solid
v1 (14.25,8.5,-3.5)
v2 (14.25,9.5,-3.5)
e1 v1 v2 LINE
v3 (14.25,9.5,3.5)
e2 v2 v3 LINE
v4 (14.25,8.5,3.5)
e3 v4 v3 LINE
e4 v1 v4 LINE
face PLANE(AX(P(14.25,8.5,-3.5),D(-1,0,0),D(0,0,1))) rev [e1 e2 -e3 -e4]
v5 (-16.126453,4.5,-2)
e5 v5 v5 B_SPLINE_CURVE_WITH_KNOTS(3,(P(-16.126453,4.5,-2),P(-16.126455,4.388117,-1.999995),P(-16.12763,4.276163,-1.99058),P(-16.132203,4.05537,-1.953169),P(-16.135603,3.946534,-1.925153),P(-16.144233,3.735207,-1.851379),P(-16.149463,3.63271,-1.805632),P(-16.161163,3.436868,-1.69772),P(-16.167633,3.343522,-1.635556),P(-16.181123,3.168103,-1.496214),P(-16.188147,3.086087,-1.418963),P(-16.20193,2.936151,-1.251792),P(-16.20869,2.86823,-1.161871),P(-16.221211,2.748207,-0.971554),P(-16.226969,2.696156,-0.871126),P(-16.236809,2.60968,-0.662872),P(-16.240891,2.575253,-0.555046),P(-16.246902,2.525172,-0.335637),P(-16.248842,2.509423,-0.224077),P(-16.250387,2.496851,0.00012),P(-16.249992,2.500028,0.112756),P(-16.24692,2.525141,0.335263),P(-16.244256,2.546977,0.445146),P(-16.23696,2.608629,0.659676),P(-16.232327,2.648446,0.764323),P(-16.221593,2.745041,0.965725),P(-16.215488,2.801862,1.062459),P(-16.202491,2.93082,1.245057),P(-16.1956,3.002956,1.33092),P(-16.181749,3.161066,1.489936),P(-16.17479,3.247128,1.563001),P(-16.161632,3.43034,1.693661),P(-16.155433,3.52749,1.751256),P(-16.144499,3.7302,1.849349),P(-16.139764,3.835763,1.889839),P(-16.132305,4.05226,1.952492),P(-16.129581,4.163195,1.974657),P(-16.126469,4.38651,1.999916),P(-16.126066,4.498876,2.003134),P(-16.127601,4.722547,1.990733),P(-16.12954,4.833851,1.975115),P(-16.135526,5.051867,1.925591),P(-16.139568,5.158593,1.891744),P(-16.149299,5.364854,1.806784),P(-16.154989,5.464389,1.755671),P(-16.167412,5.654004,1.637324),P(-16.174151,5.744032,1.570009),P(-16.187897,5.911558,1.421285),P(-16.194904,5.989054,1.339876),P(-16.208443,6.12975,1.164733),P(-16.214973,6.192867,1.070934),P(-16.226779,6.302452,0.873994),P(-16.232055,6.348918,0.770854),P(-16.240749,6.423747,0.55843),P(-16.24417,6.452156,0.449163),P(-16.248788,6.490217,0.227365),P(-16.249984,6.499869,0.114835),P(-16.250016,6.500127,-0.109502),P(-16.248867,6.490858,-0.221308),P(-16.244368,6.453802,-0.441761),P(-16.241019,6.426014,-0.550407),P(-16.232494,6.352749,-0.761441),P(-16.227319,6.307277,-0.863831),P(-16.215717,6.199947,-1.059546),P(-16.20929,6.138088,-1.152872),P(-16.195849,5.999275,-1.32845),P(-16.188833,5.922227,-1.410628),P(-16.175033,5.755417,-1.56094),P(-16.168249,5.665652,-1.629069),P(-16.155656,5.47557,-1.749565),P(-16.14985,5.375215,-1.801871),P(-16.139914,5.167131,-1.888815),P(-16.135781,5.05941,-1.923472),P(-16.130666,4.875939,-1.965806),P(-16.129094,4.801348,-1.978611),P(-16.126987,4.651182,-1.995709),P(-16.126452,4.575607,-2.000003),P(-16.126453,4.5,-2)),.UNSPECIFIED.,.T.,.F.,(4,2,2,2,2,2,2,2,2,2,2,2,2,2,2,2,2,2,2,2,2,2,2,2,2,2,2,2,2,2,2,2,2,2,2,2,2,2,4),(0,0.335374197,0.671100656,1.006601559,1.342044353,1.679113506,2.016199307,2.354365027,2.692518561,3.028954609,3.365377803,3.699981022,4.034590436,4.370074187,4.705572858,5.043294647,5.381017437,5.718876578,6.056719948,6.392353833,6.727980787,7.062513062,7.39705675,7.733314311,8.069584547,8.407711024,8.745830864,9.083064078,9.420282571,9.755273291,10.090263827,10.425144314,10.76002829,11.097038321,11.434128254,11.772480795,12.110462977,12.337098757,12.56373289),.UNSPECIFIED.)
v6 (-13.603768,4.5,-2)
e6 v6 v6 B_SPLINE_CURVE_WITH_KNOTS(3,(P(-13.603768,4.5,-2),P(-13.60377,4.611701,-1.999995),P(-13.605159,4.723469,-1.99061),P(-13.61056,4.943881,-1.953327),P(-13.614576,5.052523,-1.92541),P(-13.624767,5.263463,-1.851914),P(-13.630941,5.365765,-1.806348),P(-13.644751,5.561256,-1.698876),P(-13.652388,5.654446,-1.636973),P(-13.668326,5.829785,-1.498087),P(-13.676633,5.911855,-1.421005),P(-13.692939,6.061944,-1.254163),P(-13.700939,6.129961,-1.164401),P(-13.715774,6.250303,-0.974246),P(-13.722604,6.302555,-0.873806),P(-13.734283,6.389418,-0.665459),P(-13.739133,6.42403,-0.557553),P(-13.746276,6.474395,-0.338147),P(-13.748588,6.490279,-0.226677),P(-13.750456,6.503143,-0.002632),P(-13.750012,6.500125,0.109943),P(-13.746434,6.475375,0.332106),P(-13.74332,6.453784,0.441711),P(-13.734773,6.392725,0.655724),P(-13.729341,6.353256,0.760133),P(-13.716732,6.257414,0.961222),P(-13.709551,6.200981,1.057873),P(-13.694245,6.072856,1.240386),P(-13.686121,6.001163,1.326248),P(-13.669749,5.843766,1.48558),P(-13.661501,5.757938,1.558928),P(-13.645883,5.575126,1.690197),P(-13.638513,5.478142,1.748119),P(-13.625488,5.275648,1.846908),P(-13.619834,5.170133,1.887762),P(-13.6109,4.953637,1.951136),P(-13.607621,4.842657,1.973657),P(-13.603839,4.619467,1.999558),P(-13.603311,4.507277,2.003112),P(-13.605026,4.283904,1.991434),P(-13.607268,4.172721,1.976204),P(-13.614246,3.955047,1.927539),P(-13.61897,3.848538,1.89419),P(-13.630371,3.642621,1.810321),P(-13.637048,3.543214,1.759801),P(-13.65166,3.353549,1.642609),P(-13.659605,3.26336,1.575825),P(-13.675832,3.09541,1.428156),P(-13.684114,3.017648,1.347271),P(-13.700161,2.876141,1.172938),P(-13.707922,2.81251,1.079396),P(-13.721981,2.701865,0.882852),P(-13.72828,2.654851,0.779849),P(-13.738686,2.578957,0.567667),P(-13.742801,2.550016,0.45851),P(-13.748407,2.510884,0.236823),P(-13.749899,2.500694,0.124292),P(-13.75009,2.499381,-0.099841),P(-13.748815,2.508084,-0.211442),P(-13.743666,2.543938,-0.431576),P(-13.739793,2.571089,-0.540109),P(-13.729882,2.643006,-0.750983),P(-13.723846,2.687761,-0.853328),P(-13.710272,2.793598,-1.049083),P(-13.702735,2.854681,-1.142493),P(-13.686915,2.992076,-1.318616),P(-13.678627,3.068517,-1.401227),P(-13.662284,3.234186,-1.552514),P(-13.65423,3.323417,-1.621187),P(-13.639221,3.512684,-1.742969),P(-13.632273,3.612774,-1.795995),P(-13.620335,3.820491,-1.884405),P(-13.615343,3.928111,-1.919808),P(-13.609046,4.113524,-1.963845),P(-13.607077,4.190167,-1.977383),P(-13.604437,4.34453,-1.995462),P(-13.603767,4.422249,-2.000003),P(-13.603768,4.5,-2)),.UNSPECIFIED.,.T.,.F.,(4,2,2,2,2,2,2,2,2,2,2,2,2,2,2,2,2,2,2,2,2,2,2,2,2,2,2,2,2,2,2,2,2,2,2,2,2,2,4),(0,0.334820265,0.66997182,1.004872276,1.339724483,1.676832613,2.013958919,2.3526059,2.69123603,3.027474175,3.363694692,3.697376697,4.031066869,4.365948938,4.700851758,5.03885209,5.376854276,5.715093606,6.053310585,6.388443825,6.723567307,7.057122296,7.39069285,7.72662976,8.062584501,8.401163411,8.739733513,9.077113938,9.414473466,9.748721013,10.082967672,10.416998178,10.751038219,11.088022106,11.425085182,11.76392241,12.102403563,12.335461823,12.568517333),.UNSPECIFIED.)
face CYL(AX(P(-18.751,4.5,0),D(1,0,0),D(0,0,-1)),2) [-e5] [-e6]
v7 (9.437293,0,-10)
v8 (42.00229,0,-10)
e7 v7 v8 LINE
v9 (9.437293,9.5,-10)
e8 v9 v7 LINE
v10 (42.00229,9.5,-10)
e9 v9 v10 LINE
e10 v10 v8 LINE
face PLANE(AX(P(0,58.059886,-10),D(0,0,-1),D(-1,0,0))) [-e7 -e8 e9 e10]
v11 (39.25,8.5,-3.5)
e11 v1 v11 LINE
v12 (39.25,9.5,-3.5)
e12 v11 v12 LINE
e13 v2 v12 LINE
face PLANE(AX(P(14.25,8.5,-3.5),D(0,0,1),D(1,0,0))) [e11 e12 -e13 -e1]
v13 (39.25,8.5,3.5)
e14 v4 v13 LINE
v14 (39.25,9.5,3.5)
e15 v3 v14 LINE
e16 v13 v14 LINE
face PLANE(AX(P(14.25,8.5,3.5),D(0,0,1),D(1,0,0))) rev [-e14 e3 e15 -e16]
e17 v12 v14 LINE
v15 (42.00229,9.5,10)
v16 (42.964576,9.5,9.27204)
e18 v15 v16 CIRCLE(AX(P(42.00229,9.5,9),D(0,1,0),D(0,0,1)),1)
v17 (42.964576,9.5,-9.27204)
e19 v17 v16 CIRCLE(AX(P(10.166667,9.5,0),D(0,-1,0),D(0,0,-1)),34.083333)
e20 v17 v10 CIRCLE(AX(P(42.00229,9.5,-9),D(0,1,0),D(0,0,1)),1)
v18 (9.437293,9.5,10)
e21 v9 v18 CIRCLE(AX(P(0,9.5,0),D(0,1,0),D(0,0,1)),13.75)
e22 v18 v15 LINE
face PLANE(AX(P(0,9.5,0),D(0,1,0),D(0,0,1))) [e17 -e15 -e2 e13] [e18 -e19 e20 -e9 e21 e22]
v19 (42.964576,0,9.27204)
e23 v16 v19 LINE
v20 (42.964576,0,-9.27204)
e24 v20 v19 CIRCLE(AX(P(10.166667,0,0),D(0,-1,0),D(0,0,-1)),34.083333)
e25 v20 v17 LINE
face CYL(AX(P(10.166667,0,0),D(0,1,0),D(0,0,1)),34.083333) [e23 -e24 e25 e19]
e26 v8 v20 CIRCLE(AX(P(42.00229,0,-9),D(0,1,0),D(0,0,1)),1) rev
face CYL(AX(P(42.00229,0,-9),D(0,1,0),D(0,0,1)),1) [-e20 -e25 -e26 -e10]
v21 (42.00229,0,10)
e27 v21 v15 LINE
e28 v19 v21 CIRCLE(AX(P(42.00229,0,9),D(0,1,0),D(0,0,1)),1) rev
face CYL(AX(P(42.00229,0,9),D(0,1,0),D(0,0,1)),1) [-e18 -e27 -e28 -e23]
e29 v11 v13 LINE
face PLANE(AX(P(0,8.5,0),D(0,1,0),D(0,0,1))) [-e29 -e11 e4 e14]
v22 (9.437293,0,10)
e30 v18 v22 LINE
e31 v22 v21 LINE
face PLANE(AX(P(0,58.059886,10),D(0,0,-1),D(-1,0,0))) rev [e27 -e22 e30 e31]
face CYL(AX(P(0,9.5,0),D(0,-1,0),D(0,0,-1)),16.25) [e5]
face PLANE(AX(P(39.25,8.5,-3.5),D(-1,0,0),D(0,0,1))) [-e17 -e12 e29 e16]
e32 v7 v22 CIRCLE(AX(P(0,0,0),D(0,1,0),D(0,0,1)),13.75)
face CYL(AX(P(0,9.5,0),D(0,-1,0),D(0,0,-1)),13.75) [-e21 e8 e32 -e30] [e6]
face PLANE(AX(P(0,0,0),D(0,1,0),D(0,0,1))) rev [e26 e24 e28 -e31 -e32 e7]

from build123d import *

# Parameters (mm, degrees)
SKETCH1_R                = 13.75
BOSS_EXTRUDE1_DEPTH      = 9.5
SKETCH2_W                = 44.25
SKETCH2_H                = 20
BOSS_EXTRUDE2_DEPTH      = 9.5
BOSS_EXTRUDE3_REACH      = 49.301
BOSS_EXTRUDE3_END_RADIUS = 16.25
SKETCH3_R                = 2
SKETCH4_W                = 25
SKETCH4_H                = 7
CUT_EXTRUDE1_DEPTH       = 1
CUT_EXTRUDE2_DEPTH       = 48.300898561
FILLET1_R                = 1


with BuildPart() as part:
    # Sketch1 → Boss-Extrude1 (new body)
    with BuildSketch(Plane(origin=(0, 0, 0), x_dir=(1, 0, 0), z_dir=(0, 1, 0))):
        with Locations(Location((0, 0, 0), (0, 0, 270))):
            Circle(SKETCH1_R)
    extrude(amount=BOSS_EXTRUDE1_DEPTH)

    # Sketch2 → Boss-Extrude2 (add)
    with BuildSketch(Plane(origin=(0, 0, 0), x_dir=(1, 0, 0), z_dir=(0, 1, 0))):
        with Locations((22.125, 0)):
            Rectangle(SKETCH2_W, SKETCH2_H)
    extrude(amount=BOSS_EXTRUDE2_DEPTH)

    # Boss-Extrude3: up to this cylinder (the profile starts inside it)
    boss_extrude3_end = Plane(origin=(0, 4.5, 0), z_dir=(0, -1, 0)) * Cylinder(BOSS_EXTRUDE3_END_RADIUS, 132.102, mode=Mode.PRIVATE)
    # Sketch3 → Boss-Extrude3 (add, up to the surface)
    with BuildSketch(Plane(origin=(0, 0, 0), x_dir=(0, 0, -1), z_dir=(1, 0, 0)), mode=Mode.PRIVATE) as boss_extrude3_sk1:
        with Locations((0, 4.5)):
            Circle(SKETCH3_R)
    boss_extrude3_tool1 = extrude(boss_extrude3_sk1.sketch, amount=-BOSS_EXTRUDE3_REACH, mode=Mode.PRIVATE) & boss_extrude3_end
    add(boss_extrude3_tool1.solids().sort_by_distance((0, 4.5, 0))[0])

    # Sketch4 → Cut-Extrude1 (cut)
    with BuildSketch(Plane(origin=(0, 9.5, 0), x_dir=(1, 0, 0), z_dir=(0, 1, 0))):
        with Locations((26.75, 0)):
            Rectangle(SKETCH4_W, SKETCH4_H)
    extrude(amount=-CUT_EXTRUDE1_DEPTH, mode=Mode.SUBTRACT)

    # Sketch5 → Cut-Extrude2 (cut, through all)
    with BuildSketch(Plane(origin=(0, 9.5, 0), x_dir=(1, 0, 0), z_dir=(0, 1, 0))):
        with BuildLine():
            Line((42.75, 10), (47.75, 10))
            Line((47.75, 10), (47.75, -10))
            Line((47.75, -10), (42.75, -10))
            ThreePointArc((42.75, -10), (44.25, 0), (42.75, 10))
        make_face()
    extrude(amount=-CUT_EXTRUDE2_DEPTH, mode=Mode.SUBTRACT)

    # Fillet1
    fillet1_edges = [part.edges().sort_by_distance(p)[0] for p in [
        (42.75, 4.75, 10),
        (42.75, 4.75, -10),
    ]]
    fillet(fillet1_edges, radius=FILLET1_R)


solid = part.part
